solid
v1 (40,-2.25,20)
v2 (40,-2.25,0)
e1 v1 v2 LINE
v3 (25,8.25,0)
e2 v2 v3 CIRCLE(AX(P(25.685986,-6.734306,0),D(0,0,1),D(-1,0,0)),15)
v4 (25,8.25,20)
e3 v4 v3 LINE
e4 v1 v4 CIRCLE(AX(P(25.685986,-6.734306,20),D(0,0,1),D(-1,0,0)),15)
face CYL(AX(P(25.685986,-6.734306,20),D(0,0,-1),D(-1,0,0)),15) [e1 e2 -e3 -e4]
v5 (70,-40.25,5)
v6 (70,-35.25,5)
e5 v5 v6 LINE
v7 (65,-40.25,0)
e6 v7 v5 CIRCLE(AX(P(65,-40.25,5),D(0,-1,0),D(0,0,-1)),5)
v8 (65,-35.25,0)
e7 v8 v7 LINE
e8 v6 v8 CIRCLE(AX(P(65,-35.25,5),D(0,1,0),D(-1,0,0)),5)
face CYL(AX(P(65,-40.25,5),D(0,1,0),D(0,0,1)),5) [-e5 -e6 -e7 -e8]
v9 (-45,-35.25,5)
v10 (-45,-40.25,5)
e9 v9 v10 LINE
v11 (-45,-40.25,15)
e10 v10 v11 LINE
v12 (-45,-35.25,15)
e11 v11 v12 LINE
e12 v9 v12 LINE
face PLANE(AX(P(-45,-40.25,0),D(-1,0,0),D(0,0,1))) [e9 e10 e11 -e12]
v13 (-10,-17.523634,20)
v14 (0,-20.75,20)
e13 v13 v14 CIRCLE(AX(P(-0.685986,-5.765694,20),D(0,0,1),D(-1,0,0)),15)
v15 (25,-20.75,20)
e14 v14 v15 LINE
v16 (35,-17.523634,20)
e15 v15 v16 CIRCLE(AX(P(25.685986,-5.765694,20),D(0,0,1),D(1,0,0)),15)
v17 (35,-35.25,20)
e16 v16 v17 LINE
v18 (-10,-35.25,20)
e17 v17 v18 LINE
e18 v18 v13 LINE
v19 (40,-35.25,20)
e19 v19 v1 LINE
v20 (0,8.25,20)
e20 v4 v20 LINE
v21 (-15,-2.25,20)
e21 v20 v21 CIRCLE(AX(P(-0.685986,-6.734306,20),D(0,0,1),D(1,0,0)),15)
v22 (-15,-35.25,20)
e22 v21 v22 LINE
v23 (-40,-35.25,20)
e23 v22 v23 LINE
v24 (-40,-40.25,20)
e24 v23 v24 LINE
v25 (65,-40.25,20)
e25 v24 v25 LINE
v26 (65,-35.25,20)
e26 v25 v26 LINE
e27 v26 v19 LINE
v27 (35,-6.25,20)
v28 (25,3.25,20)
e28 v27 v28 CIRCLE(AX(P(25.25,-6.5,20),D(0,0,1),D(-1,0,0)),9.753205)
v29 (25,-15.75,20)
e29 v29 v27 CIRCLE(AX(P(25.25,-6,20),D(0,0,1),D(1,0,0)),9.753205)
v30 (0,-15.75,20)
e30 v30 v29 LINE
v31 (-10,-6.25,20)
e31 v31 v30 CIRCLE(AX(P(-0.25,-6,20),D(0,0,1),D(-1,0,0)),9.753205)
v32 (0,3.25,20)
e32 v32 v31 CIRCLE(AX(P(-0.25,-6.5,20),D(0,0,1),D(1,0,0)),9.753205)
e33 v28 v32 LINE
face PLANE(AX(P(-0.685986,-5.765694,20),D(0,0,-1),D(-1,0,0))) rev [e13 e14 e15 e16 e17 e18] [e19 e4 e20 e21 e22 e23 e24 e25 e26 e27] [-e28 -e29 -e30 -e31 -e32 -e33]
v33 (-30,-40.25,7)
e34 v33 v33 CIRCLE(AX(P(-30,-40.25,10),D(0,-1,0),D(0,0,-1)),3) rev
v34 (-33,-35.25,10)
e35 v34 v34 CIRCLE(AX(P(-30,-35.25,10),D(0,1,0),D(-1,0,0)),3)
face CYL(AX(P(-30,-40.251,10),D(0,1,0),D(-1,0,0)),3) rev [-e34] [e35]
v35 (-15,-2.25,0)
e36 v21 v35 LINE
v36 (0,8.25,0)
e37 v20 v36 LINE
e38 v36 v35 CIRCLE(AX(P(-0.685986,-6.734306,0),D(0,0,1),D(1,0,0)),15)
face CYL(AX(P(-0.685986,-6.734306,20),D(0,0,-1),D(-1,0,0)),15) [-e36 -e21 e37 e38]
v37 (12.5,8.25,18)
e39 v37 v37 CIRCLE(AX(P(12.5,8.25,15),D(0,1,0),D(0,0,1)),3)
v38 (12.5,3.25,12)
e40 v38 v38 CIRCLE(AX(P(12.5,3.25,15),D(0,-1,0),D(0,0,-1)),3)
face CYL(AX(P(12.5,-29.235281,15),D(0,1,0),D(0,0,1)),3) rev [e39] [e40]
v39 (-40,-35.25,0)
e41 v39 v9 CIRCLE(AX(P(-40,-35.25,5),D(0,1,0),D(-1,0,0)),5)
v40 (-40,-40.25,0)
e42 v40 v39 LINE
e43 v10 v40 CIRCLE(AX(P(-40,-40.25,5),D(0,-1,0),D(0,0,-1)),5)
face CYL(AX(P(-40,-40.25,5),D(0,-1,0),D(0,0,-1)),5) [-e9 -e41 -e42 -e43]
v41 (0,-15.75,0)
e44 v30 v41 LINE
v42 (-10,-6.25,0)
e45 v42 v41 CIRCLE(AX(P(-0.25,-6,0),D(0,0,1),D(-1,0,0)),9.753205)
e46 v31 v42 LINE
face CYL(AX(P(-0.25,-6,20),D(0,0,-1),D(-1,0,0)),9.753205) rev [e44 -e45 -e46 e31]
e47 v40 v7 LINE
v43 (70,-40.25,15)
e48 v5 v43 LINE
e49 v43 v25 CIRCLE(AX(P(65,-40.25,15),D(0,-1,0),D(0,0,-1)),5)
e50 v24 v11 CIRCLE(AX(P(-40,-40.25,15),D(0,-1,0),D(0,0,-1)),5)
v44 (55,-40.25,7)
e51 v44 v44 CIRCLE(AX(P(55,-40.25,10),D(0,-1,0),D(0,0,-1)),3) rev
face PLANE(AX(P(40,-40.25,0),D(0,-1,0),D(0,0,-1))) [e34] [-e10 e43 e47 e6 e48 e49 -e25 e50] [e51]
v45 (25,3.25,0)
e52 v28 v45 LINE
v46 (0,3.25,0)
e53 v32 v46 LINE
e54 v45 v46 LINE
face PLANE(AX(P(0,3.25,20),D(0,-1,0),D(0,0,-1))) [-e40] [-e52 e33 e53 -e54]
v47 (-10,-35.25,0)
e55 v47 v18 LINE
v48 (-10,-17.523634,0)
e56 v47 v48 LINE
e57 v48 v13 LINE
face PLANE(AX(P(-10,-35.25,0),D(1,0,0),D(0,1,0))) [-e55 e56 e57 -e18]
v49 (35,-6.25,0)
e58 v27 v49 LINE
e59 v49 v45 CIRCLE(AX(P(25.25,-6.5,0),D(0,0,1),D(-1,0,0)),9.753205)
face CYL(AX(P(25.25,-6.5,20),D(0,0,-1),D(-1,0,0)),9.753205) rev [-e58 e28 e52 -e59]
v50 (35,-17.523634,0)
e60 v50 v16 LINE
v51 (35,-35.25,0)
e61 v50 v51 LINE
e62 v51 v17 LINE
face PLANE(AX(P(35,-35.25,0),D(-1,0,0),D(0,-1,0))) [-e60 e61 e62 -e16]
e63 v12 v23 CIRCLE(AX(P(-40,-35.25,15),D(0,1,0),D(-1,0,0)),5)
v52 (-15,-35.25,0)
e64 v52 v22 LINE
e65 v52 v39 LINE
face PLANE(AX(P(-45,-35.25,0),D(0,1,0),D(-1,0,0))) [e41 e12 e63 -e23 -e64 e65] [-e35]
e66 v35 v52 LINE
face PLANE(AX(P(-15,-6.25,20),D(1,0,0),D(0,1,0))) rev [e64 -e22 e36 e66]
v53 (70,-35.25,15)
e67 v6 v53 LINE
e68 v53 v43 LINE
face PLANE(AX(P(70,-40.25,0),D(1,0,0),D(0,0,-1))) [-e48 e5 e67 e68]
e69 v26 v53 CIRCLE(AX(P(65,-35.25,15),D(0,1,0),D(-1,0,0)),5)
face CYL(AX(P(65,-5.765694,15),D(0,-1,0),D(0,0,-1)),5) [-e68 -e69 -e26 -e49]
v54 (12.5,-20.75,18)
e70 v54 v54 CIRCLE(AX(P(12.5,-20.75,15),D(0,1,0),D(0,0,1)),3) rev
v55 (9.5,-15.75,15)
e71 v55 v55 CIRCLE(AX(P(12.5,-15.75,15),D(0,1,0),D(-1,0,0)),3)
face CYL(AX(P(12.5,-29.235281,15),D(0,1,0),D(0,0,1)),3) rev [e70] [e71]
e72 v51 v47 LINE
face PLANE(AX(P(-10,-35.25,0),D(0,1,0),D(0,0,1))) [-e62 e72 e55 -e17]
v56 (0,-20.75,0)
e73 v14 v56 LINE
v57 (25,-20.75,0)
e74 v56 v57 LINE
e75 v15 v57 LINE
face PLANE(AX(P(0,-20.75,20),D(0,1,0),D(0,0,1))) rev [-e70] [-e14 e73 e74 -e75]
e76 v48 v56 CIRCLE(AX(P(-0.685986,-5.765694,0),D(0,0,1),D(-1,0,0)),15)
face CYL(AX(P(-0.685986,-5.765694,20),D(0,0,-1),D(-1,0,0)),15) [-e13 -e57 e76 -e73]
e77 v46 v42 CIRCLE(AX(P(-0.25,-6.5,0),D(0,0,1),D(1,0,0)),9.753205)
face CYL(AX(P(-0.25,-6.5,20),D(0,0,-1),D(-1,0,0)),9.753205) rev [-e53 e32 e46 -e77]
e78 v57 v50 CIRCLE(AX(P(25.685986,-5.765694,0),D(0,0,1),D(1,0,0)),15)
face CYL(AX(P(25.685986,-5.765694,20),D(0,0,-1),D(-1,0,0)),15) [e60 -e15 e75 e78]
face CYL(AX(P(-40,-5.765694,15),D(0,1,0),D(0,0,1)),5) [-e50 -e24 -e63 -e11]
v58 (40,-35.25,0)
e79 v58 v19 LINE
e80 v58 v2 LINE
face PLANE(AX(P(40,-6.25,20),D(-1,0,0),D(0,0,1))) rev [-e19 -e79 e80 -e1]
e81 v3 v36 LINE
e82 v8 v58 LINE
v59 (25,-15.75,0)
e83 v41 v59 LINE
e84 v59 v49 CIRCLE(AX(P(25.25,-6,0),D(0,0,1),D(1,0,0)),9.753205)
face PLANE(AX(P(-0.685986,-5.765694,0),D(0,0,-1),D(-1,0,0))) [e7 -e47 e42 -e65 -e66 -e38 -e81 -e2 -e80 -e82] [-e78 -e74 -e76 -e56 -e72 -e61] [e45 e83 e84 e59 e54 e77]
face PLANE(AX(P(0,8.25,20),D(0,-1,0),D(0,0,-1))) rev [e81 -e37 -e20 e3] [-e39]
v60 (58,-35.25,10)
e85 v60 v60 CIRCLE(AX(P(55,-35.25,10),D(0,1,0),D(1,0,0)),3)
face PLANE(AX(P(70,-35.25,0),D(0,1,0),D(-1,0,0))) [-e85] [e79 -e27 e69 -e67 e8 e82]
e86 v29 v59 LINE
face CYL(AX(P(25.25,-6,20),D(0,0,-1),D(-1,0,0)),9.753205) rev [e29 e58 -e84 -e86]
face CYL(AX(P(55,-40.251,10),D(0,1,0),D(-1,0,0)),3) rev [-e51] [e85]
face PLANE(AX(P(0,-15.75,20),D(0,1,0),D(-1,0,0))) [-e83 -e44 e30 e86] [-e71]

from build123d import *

# Parameters (mm, degrees)
SALIENTE_EXTRUIR1_DEPTH = 20
SALIENTE_EXTRUIR2_DEPTH = 20
CORTAR_EXTRUIR2_REACH   = 89.477
CROQUIS4_R              = 3
REDONDEO1_R             = 5
CORTAR_EXTRUIR3_REACH   = 86.815
CROQUIS5_R              = 3


with BuildPart() as part:
    # Croquis1 → Saliente-Extruir1 (new body)
    with BuildSketch(Plane.XY):
        with BuildLine():
            Line((0, -20.75), (25, -20.75))
            ThreePointArc((25, -20.75), (34.287921033, -18.054172905), (40, -10.25))
            Line((40, -10.25), (40, -6.25))
            Line((40, -6.25), (40, -2.25))
            ThreePointArc((40, -2.25), (34.287921033, 5.554172905), (25, 8.25))
            Line((25, 8.25), (0, 8.25))
            ThreePointArc((0, 8.25), (-9.287921033, 5.554172905), (-15, -2.25))
            Line((-15, -2.25), (-15, -6.25))
            Line((-15, -6.25), (-15, -10.25))
            ThreePointArc((-15, -10.25), (-9.287921033, -18.054172905), (0, -20.75))
        make_face()
        with BuildLine():
            Line((0, 3.25), (25, 3.25))
            ThreePointArc((25, 3.25), (31.967514421, 0.571067812), (35, -6.25))
            ThreePointArc((35, -6.25), (31.967514421, -13.071067812), (25, -15.75))
            Line((25, -15.75), (0, -15.75))
            ThreePointArc((0, -15.75), (-6.967514421, -13.071067812), (-10, -6.25))
            ThreePointArc((-10, -6.25), (-6.967514421, 0.571067812), (0, 3.25))
        make_face(mode=Mode.SUBTRACT)
    extrude(amount=SALIENTE_EXTRUIR1_DEPTH)

    # Croquis3 → Saliente-Extruir2 (add, through all)
    with BuildSketch(Plane.XY.offset(20)):
        with BuildLine():
            Line((40, -10.25), (40, -35.25))
            Line((40, -35.25), (70, -35.25))
            Line((70, -35.25), (70, -40.25))
            Line((70, -40.25), (40, -40.25))
            Line((40, -40.25), (-15, -40.25))
            Line((-15, -40.25), (-45, -40.25))
            Line((-45, -40.25), (-45, -35.25))
            Line((-45, -35.25), (-15, -35.25))
            Line((-15, -35.25), (-15, -10.25))
            ThreePointArc((-15, -10.25), (-13.047109047, -14.26290739), (-10, -17.523633574))
            Line((-10, -17.523633574), (-10, -35.25))
            Line((-10, -35.25), (35, -35.25))
            Line((35, -35.25), (35, -17.523633574))
            ThreePointArc((35, -17.523633574), (38.047109047, -14.26290739), (40, -10.25))
        make_face()
    extrude(amount=-SALIENTE_EXTRUIR2_DEPTH)

    # Cortar-Extruir2: up to this face of the body (flat: up to its plane)
    cortar_extruir2_end = Plane(part.part.faces().sort_by_distance((12.5, -20.75, 10))[0])
    # Croquis4 → Cortar-Extruir2 (cut, up to the picked face)
    with BuildSketch(Plane(origin=(0, 8.25, 0), x_dir=(1, 0, 0), z_dir=(0, 1, 0)), mode=Mode.PRIVATE) as cortar_extruir2_sk1:
        with Locations(Location((12.5, -15, 0), (0, 0, 270))):
            Circle(CROQUIS4_R)
    cortar_extruir2_tool1 = split(extrude(cortar_extruir2_sk1.sketch, amount=-CORTAR_EXTRUIR2_REACH, mode=Mode.PRIVATE), bisect_by=cortar_extruir2_end, keep=Keep.BOTH, mode=Mode.PRIVATE)
    add(cortar_extruir2_tool1.solids().sort_by(Axis((12.5, 8.25, 15), (0, -1, 0)))[0], mode=Mode.SUBTRACT)

    # Redondeo1
    redondeo1_edges = [part.edges().sort_by_distance(p)[0] for p in [
        (70, -37.75, 0),
        (-45, -37.75, 0),
        (-45, -37.75, 20),
        (70, -37.75, 20),
    ]]
    fillet(redondeo1_edges, radius=REDONDEO1_R)

    # Croquis5 → Cortar-Extruir3 (cut, up to next)
    with BuildSketch(Plane(origin=(0, -35.25, 0), x_dir=(1, 0, 0), z_dir=(0, 1, 0)), mode=Mode.PRIVATE) as cortar_extruir3_sk1:
        with Locations(Location((-30, -10, 0), (0, 0, 180))):
            Circle(CROQUIS5_R)
    cortar_extruir3_tool1 = extrude(cortar_extruir3_sk1.sketch, amount=-CORTAR_EXTRUIR3_REACH, mode=Mode.PRIVATE) & part.part
    # Croquis5 → Cortar-Extruir3 (cut, up to next)
    with BuildSketch(Plane(origin=(0, -35.25, 0), x_dir=(1, 0, 0), z_dir=(0, 1, 0)), mode=Mode.PRIVATE) as cortar_extruir3_sk2:
        with Locations(Location((55, -10, 0), (0, 0, 90))):
            Circle(CROQUIS5_R)
    cortar_extruir3_tool2 = extrude(cortar_extruir3_sk2.sketch, amount=-CORTAR_EXTRUIR3_REACH, mode=Mode.PRIVATE) & part.part
    add(cortar_extruir3_tool1.solids().sort_by_distance((-30, -35.25, 10))[0], mode=Mode.SUBTRACT)
    add(cortar_extruir3_tool2.solids().sort_by_distance((55, -35.25, 10))[0], mode=Mode.SUBTRACT)


solid = part.part
